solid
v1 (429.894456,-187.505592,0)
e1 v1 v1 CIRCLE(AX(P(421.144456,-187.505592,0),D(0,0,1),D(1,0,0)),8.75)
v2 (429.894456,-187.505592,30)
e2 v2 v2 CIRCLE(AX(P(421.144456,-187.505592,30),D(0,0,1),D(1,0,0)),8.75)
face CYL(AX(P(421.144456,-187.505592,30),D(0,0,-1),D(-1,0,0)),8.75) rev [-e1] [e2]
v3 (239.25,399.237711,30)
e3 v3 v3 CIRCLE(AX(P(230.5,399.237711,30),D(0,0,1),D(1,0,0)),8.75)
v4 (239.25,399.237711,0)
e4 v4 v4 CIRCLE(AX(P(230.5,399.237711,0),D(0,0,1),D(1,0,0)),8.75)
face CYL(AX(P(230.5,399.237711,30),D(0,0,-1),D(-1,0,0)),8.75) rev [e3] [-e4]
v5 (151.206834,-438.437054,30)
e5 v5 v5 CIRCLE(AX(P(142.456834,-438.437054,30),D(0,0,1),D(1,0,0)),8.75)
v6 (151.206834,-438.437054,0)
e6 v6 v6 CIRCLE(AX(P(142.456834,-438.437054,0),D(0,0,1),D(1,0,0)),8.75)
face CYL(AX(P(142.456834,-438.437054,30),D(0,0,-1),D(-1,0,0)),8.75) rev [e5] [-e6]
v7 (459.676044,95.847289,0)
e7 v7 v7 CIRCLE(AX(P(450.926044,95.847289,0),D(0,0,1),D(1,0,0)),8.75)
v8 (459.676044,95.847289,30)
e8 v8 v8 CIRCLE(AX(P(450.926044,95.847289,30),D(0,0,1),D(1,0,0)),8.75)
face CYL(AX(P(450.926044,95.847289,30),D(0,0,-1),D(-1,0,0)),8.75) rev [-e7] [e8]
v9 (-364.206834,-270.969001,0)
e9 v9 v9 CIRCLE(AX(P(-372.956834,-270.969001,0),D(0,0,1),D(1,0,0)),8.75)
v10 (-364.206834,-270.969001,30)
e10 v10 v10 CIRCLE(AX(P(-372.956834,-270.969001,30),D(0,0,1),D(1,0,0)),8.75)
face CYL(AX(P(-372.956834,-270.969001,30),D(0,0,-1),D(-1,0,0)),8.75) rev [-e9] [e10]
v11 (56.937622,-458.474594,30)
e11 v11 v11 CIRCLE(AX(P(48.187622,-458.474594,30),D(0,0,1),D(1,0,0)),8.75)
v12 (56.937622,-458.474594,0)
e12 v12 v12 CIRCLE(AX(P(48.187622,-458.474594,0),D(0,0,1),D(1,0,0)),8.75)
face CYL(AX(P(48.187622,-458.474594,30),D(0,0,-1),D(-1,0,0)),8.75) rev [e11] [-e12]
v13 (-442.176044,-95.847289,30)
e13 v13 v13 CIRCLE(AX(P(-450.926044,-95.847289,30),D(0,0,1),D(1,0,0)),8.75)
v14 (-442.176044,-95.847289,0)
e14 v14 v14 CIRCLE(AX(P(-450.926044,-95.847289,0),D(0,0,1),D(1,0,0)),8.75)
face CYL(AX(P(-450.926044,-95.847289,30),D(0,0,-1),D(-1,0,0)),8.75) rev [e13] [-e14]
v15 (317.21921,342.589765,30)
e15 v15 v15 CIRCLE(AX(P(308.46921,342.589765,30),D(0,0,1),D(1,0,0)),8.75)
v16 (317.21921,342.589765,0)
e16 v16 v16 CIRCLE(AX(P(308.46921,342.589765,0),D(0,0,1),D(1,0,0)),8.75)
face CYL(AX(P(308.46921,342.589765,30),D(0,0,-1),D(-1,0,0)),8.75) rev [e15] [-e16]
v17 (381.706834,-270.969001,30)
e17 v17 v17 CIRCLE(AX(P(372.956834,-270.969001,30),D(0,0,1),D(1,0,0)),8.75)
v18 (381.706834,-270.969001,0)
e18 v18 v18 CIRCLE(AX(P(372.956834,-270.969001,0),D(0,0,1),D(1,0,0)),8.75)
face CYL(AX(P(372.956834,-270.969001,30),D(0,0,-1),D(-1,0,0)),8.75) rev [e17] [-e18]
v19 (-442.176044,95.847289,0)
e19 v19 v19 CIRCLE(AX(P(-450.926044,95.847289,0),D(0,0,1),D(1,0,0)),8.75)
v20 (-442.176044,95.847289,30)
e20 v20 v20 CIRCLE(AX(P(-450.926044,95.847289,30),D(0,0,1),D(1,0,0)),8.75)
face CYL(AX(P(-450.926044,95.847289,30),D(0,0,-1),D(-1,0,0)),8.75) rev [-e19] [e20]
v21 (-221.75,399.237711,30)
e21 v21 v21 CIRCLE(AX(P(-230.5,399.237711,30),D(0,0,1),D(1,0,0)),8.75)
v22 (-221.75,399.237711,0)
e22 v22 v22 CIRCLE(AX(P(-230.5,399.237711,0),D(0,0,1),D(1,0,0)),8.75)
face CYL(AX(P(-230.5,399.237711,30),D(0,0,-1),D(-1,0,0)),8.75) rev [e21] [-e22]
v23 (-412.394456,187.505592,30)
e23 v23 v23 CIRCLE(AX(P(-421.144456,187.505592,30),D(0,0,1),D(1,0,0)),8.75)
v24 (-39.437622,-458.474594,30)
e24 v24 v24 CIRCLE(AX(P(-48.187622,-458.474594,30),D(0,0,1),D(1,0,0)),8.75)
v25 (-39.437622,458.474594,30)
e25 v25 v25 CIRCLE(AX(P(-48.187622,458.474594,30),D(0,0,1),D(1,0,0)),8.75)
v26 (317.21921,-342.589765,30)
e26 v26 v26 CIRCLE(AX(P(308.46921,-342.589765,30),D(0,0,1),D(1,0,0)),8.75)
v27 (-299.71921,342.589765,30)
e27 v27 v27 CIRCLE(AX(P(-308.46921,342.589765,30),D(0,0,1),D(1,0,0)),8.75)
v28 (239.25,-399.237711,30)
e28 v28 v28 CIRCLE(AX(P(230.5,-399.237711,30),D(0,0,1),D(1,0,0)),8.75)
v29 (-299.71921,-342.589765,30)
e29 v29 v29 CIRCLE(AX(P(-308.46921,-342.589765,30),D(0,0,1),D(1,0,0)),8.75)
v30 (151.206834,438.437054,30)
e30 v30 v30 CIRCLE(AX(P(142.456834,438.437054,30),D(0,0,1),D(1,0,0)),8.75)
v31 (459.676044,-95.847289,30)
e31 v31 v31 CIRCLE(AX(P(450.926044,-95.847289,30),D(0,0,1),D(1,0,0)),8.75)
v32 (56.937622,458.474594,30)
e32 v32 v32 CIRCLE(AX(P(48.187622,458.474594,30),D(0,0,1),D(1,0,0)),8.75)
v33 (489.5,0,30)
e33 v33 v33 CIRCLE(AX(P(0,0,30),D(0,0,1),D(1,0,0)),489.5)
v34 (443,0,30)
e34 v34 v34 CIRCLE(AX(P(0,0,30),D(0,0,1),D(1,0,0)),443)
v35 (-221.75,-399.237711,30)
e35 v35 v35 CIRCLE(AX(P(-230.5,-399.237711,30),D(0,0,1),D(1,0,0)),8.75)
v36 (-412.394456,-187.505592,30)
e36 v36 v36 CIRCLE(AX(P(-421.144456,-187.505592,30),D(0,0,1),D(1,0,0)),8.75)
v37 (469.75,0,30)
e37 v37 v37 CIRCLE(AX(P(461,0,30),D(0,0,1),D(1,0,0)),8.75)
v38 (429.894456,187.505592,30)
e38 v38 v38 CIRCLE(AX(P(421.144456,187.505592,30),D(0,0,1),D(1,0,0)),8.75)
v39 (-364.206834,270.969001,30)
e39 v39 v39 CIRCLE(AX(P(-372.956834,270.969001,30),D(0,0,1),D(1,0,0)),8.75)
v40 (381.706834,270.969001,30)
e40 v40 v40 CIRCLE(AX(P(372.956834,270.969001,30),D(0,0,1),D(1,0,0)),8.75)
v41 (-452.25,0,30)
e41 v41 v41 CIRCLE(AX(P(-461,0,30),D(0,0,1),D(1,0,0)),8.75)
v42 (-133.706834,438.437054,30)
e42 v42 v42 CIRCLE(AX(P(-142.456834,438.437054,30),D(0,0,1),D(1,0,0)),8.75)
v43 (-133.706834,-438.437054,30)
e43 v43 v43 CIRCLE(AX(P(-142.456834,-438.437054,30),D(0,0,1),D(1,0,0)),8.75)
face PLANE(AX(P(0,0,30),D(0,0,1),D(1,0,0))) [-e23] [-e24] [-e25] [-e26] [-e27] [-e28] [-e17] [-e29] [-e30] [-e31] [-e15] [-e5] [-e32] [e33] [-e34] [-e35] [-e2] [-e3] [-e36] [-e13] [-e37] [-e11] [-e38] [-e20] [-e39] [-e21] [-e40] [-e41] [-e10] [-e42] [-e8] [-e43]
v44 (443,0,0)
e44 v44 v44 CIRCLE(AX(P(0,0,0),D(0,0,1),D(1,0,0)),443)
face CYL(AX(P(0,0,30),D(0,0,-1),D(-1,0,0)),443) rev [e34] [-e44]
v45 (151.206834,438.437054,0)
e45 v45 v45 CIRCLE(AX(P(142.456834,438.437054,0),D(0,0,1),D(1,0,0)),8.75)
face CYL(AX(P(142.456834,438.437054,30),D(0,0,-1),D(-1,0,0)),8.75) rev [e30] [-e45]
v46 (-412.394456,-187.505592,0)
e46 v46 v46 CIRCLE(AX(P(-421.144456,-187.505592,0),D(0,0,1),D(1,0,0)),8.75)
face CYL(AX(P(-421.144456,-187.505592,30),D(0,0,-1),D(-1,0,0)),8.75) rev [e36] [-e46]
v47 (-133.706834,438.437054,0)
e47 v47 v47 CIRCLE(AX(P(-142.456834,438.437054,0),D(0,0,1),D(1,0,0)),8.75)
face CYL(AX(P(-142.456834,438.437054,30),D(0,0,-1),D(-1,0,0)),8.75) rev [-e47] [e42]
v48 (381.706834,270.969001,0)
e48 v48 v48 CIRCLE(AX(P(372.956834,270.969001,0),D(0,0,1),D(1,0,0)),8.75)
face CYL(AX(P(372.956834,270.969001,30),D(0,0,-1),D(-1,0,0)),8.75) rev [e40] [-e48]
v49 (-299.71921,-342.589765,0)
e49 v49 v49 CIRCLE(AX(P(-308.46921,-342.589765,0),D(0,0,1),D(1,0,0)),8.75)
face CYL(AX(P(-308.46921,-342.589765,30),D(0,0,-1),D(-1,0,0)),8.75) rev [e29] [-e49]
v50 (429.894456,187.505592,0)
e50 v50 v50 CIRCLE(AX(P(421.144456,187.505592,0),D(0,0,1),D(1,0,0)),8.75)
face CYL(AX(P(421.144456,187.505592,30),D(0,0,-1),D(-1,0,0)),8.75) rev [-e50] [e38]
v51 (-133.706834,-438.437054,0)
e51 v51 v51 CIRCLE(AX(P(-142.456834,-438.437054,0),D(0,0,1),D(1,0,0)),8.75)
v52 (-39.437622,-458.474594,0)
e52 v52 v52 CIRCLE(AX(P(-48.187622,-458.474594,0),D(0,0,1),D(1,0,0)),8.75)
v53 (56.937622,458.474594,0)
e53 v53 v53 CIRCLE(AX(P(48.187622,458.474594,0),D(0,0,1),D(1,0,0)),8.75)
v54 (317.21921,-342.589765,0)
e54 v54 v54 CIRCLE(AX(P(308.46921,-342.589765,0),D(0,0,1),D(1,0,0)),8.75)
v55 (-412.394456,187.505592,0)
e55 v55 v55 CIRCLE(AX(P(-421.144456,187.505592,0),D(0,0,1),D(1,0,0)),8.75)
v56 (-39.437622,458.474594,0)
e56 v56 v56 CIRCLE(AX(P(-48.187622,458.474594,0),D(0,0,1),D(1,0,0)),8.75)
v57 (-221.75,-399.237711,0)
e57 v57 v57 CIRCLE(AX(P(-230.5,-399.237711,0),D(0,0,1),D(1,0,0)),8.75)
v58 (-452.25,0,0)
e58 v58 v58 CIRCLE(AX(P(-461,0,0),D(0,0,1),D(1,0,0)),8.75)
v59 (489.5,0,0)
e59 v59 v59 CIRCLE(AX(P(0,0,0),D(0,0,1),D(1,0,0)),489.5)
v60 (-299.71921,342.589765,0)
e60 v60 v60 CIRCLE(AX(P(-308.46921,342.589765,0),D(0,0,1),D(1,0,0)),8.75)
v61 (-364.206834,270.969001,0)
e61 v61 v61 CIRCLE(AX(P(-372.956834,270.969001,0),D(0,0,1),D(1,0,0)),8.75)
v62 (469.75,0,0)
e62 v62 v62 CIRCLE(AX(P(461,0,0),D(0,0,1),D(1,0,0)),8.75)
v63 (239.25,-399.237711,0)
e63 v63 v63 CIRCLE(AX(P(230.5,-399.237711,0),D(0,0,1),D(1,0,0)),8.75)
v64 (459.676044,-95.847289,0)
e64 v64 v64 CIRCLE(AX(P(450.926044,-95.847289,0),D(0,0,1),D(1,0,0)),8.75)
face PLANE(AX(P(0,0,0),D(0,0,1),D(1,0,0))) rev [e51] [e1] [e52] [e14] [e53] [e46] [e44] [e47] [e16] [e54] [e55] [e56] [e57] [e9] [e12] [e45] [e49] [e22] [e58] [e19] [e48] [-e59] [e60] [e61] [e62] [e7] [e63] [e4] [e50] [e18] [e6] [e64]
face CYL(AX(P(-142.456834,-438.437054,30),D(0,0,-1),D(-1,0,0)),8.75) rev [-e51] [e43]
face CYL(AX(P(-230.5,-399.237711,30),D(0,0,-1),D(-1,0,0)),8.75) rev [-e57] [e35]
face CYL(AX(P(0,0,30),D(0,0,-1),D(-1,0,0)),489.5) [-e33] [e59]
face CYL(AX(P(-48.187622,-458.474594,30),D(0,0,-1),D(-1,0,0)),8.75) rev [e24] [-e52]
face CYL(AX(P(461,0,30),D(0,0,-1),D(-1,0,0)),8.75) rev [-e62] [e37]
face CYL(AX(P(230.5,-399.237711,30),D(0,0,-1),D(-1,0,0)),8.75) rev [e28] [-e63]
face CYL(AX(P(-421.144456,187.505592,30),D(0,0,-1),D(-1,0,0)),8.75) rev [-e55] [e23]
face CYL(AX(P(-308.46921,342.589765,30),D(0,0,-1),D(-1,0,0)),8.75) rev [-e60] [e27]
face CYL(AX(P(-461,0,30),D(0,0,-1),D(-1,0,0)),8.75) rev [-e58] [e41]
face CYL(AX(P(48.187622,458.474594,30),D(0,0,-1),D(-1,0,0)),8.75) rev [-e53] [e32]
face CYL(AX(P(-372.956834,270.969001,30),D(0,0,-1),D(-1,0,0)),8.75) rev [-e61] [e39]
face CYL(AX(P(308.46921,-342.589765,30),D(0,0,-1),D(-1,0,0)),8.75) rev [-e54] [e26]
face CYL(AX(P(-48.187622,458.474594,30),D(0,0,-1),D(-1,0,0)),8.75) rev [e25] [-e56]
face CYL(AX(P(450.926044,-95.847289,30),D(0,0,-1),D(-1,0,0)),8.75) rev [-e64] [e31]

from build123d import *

# Parameters (mm, degrees)
ESQUISSE1_R        = 489.5
ESQUISSE1_R_2      = 443
ESQUISSE1_R_3      = 8.75
BOSS_EXTRU_1_DEPTH = 30


with BuildPart() as part:
    # Esquisse1 → Boss.-Extru.1 (new body)
    with BuildSketch(Plane.XY):
        Circle(ESQUISSE1_R)
        Circle(ESQUISSE1_R_2, mode=Mode.SUBTRACT)
        with Locations((-461, 0)):
            Circle(ESQUISSE1_R_3, mode=Mode.SUBTRACT)
        with Locations((-450.926043938, 95.847289467)):
            Circle(ESQUISSE1_R_3, mode=Mode.SUBTRACT)
        with Locations((-421.144455973, 187.505592458)):
            Circle(ESQUISSE1_R_3, mode=Mode.SUBTRACT)
        with Locations((-372.956834407, 270.969001307)):
            Circle(ESQUISSE1_R_3, mode=Mode.SUBTRACT)
        with Locations((-308.469209531, 342.589764545)):
            Circle(ESQUISSE1_R_3, mode=Mode.SUBTRACT)
        with Locations((-230.5, 399.237711145)):
            Circle(ESQUISSE1_R_3, mode=Mode.SUBTRACT)
        with Locations((-142.456834407, 438.437054012)):
            Circle(ESQUISSE1_R_3, mode=Mode.SUBTRACT)
        with Locations((-48.187621566, 458.474593765)):
            Circle(ESQUISSE1_R_3, mode=Mode.SUBTRACT)
        with Locations((48.187621566, 458.474593765)):
            Circle(ESQUISSE1_R_3, mode=Mode.SUBTRACT)
        with Locations((142.456834407, 438.437054012)):
            Circle(ESQUISSE1_R_3, mode=Mode.SUBTRACT)
        with Locations((230.5, 399.237711145)):
            Circle(ESQUISSE1_R_3, mode=Mode.SUBTRACT)
        with Locations((308.469209531, 342.589764545)):
            Circle(ESQUISSE1_R_3, mode=Mode.SUBTRACT)
        with Locations((372.956834407, 270.969001307)):
            Circle(ESQUISSE1_R_3, mode=Mode.SUBTRACT)
        with Locations((421.144455973, 187.505592458)):
            Circle(ESQUISSE1_R_3, mode=Mode.SUBTRACT)
        with Locations((450.926043938, 95.847289467)):
            Circle(ESQUISSE1_R_3, mode=Mode.SUBTRACT)
        with Locations((461, 0)):
            Circle(ESQUISSE1_R_3, mode=Mode.SUBTRACT)
        with Locations((450.926043938, -95.847289467)):
            Circle(ESQUISSE1_R_3, mode=Mode.SUBTRACT)
        with Locations((421.144455973, -187.505592458)):
            Circle(ESQUISSE1_R_3, mode=Mode.SUBTRACT)
        with Locations((372.956834407, -270.969001307)):
            Circle(ESQUISSE1_R_3, mode=Mode.SUBTRACT)
        with Locations((308.469209531, -342.589764545)):
            Circle(ESQUISSE1_R_3, mode=Mode.SUBTRACT)
        with Locations((230.5, -399.237711145)):
            Circle(ESQUISSE1_R_3, mode=Mode.SUBTRACT)
        with Locations((142.456834407, -438.437054012)):
            Circle(ESQUISSE1_R_3, mode=Mode.SUBTRACT)
        with Locations((48.187621566, -458.474593765)):
            Circle(ESQUISSE1_R_3, mode=Mode.SUBTRACT)
        with Locations((-48.187621566, -458.474593765)):
            Circle(ESQUISSE1_R_3, mode=Mode.SUBTRACT)
        with Locations((-142.456834407, -438.437054012)):
            Circle(ESQUISSE1_R_3, mode=Mode.SUBTRACT)
        with Locations((-230.5, -399.237711145)):
            Circle(ESQUISSE1_R_3, mode=Mode.SUBTRACT)
        with Locations((-308.469209531, -342.589764545)):
            Circle(ESQUISSE1_R_3, mode=Mode.SUBTRACT)
        with Locations((-372.956834407, -270.969001307)):
            Circle(ESQUISSE1_R_3, mode=Mode.SUBTRACT)
        with Locations((-421.144455973, -187.505592458)):
            Circle(ESQUISSE1_R_3, mode=Mode.SUBTRACT)
        with Locations((-450.926043938, -95.847289467)):
            Circle(ESQUISSE1_R_3, mode=Mode.SUBTRACT)
    extrude(amount=BOSS_EXTRU_1_DEPTH)


solid = part.part
